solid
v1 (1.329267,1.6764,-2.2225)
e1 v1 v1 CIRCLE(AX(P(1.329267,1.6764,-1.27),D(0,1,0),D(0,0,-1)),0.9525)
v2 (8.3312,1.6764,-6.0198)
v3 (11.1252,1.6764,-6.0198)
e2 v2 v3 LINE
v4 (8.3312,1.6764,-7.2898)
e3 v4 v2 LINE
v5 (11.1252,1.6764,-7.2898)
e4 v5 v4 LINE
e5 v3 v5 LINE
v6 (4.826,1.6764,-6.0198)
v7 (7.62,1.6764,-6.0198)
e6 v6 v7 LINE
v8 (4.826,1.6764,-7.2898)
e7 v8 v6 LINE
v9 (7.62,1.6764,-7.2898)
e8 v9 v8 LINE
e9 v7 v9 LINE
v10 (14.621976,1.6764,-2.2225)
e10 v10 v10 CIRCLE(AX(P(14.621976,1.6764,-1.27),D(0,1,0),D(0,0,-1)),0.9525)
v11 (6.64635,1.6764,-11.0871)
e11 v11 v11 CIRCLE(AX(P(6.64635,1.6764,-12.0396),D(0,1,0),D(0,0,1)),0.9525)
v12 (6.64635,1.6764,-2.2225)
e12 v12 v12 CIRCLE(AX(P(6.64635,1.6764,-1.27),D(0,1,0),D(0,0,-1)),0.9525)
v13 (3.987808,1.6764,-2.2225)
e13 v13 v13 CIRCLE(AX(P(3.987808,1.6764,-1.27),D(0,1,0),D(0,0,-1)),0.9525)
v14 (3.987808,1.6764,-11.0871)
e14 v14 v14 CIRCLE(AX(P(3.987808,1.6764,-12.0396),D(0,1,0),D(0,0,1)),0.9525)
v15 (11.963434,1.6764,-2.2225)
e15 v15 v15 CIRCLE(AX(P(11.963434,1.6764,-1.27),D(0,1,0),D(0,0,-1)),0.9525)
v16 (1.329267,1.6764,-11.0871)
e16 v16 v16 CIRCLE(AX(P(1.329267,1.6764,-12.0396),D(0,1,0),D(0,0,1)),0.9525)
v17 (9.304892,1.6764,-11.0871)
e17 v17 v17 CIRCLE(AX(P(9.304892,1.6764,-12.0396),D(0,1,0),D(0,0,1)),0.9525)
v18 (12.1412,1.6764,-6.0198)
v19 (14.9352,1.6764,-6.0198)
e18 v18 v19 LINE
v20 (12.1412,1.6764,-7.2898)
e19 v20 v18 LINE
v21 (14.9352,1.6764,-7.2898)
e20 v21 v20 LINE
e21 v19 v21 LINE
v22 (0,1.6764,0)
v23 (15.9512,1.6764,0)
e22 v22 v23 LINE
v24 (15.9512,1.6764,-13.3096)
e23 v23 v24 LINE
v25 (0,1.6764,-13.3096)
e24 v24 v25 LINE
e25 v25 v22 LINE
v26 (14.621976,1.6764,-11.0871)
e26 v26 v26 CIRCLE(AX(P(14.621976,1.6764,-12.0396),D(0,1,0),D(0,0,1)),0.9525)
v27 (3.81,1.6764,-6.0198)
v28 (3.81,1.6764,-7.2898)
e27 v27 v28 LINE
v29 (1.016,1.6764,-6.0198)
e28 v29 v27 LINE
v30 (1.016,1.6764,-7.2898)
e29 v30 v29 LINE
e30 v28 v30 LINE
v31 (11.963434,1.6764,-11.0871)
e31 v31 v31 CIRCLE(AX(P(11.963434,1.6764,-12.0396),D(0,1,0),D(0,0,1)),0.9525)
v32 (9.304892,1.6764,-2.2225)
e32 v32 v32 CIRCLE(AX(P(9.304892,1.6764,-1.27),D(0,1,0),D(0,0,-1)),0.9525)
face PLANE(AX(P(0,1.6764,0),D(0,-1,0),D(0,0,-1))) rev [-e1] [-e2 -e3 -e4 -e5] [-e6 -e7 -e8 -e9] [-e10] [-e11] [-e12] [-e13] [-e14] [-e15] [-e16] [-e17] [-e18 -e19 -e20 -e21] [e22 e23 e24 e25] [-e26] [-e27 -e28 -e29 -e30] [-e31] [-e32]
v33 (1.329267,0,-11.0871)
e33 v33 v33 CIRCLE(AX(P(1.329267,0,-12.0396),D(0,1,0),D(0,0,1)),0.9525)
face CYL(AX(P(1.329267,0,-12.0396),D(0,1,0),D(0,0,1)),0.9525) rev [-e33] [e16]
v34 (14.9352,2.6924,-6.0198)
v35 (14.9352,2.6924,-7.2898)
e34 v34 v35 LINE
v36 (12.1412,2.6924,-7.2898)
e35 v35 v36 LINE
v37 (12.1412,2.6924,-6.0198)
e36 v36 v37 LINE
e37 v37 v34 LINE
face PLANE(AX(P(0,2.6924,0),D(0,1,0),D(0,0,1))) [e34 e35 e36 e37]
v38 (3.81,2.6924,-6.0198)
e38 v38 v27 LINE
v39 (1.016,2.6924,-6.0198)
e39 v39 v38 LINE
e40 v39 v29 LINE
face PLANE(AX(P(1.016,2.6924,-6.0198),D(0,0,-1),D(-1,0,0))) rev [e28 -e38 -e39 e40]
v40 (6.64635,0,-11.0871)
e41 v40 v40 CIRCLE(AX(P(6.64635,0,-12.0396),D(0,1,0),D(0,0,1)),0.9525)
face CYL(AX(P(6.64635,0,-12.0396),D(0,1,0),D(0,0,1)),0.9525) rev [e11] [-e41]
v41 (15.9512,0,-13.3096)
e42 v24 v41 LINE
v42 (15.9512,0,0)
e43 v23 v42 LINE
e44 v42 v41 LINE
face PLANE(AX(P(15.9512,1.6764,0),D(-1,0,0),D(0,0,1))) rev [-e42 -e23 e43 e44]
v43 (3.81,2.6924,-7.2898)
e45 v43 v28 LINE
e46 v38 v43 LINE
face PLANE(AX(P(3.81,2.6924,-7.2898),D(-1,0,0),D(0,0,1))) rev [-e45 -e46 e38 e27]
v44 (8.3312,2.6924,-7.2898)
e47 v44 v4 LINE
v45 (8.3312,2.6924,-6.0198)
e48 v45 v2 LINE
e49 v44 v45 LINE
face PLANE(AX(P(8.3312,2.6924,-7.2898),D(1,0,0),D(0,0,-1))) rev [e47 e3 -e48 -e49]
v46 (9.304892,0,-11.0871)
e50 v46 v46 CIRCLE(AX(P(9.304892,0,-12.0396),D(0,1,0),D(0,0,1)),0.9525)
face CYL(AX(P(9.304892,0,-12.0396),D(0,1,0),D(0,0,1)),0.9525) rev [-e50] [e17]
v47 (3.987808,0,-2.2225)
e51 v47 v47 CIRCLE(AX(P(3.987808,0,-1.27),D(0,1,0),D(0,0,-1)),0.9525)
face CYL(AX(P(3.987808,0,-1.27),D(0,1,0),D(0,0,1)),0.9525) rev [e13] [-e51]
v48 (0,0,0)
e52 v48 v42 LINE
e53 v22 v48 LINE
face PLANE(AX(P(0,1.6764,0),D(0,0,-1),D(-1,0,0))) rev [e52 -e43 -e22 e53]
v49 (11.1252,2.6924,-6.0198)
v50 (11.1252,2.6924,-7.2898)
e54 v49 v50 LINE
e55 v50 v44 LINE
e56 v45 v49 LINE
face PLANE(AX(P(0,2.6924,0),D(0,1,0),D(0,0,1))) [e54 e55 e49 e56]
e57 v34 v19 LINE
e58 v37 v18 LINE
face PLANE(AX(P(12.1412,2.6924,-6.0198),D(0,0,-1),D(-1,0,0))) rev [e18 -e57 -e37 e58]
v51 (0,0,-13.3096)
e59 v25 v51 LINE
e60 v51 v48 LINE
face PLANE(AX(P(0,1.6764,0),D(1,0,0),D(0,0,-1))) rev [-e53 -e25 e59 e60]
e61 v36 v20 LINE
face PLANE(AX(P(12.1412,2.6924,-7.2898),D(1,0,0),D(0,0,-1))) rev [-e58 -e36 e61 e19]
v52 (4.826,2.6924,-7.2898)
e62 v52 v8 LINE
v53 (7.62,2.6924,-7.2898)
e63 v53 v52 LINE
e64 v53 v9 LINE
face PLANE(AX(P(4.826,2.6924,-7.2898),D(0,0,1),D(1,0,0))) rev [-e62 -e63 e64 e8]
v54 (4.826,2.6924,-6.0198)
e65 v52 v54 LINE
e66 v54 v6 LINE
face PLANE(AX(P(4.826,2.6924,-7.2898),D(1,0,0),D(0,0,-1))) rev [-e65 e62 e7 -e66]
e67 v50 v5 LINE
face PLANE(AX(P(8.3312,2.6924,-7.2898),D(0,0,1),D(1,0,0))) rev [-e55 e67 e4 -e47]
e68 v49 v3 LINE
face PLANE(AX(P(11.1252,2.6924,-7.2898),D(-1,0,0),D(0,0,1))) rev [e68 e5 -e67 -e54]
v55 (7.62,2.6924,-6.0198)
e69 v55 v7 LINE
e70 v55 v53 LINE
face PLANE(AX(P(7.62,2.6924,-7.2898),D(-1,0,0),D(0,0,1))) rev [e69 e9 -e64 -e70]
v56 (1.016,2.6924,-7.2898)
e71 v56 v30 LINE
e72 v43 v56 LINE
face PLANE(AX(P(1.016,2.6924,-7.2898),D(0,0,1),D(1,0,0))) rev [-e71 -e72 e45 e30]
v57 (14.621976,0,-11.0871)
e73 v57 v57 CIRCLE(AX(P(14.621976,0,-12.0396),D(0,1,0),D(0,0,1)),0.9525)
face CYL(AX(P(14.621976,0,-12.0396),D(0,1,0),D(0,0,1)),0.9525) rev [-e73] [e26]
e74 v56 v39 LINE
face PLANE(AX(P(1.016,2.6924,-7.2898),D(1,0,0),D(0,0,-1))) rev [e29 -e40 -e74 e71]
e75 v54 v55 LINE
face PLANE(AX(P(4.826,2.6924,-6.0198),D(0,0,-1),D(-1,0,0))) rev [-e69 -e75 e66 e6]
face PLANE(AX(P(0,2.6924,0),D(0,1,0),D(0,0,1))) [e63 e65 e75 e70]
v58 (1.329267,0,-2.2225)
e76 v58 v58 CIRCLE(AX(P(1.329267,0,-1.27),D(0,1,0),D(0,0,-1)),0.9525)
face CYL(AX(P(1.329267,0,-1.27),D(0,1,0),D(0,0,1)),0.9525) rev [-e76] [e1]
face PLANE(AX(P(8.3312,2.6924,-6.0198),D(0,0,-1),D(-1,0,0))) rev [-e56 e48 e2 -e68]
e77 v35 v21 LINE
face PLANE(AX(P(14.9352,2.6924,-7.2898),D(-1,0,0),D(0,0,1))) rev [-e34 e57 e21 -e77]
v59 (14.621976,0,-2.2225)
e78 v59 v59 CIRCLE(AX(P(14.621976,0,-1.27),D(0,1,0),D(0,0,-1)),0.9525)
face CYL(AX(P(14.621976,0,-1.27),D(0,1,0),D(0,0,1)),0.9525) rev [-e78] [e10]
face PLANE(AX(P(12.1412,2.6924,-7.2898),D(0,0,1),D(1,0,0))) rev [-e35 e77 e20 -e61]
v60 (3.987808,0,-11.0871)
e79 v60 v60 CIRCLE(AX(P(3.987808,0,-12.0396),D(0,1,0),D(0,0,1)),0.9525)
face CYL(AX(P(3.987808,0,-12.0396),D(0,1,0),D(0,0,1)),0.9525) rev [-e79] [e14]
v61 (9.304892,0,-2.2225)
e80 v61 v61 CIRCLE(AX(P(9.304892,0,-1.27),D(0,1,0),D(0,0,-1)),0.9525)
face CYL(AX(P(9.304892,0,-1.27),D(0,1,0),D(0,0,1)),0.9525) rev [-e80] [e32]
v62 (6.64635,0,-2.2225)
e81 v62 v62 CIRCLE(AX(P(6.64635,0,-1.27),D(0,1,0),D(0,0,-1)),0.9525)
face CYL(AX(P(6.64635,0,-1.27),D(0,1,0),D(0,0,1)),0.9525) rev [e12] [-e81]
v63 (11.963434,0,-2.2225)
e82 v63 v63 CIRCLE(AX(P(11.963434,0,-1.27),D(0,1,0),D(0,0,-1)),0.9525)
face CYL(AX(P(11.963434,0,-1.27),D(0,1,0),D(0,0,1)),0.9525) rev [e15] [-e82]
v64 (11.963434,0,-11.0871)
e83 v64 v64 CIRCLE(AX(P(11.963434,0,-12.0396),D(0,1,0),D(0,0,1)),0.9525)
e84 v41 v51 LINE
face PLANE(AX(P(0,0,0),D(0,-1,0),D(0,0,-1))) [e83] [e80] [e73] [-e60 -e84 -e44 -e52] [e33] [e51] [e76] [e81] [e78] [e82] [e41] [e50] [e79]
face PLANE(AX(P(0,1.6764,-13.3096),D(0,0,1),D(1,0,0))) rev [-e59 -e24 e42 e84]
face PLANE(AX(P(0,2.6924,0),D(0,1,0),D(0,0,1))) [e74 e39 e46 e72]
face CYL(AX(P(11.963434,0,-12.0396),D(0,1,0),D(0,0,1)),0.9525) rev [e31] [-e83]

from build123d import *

# Parameters (mm, degrees)
SKETCH1_W           = 15.9512
SKETCH1_H           = 13.3096
BOSS_EXTRUDE1_DEPTH = 1.6764
SKETCH2_W           = 2.794
SKETCH2_H           = 1.27
BOSS_EXTRUDE2_DEPTH = 1.016
SKETCH3_R           = 0.9525
CUT_EXTRUDE1_DEPTH  = 2.6764


with BuildPart() as part:
    # Sketch1 → Boss-Extrude1 (new body)
    with BuildSketch(Plane(origin=(0, 0, 0), x_dir=(1, 0, 0), z_dir=(0, 1, 0))):
        with Locations((7.9756, 6.6548)):
            Rectangle(SKETCH1_W, SKETCH1_H)
    extrude(amount=BOSS_EXTRUDE1_DEPTH)

    # Sketch2 → Boss-Extrude2 (add)
    with BuildSketch(Plane(origin=(0, 1.6764, 0), x_dir=(1, 0, 0), z_dir=(0, 1, 0))):
        with Locations((2.413, 6.6548)):
            Rectangle(SKETCH2_W, SKETCH2_H)
        with Locations((6.223, 6.6548)):
            Rectangle(SKETCH2_W, SKETCH2_H)
        with Locations((9.7282, 6.6548)):
            Rectangle(SKETCH2_W, SKETCH2_H)
        with Locations((13.5382, 6.6548)):
            Rectangle(SKETCH2_W, SKETCH2_H)
    extrude(amount=BOSS_EXTRUDE2_DEPTH)

    # Sketch3 → Cut-Extrude1 (cut, through all)
    with BuildSketch(Plane(origin=(0, 1.6764, 0), x_dir=(1, 0, 0), z_dir=(0, 1, 0))):
        with Locations((1.329266667, 12.0396)):
            Circle(SKETCH3_R)
        with Locations((3.987808467, 12.0396)):
            Circle(SKETCH3_R)
        with Locations((6.646350267, 12.0396)):
            Circle(SKETCH3_R)
        with Locations((9.304892067, 12.0396)):
            Circle(SKETCH3_R)
        with Locations((11.963433867, 12.0396)):
            Circle(SKETCH3_R)
        with Locations((14.621975667, 12.0396)):
            Circle(SKETCH3_R)
        with Locations((14.621975667, 1.27)):
            Circle(SKETCH3_R)
        with Locations((11.963433867, 1.27)):
            Circle(SKETCH3_R)
        with Locations((9.304892067, 1.27)):
            Circle(SKETCH3_R)
        with Locations((6.646350267, 1.27)):
            Circle(SKETCH3_R)
        with Locations((3.987808467, 1.27)):
            Circle(SKETCH3_R)
        with Locations((1.329266667, 1.27)):
            Circle(SKETCH3_R)
    extrude(amount=-CUT_EXTRUDE1_DEPTH, mode=Mode.SUBTRACT)


solid = part.part
